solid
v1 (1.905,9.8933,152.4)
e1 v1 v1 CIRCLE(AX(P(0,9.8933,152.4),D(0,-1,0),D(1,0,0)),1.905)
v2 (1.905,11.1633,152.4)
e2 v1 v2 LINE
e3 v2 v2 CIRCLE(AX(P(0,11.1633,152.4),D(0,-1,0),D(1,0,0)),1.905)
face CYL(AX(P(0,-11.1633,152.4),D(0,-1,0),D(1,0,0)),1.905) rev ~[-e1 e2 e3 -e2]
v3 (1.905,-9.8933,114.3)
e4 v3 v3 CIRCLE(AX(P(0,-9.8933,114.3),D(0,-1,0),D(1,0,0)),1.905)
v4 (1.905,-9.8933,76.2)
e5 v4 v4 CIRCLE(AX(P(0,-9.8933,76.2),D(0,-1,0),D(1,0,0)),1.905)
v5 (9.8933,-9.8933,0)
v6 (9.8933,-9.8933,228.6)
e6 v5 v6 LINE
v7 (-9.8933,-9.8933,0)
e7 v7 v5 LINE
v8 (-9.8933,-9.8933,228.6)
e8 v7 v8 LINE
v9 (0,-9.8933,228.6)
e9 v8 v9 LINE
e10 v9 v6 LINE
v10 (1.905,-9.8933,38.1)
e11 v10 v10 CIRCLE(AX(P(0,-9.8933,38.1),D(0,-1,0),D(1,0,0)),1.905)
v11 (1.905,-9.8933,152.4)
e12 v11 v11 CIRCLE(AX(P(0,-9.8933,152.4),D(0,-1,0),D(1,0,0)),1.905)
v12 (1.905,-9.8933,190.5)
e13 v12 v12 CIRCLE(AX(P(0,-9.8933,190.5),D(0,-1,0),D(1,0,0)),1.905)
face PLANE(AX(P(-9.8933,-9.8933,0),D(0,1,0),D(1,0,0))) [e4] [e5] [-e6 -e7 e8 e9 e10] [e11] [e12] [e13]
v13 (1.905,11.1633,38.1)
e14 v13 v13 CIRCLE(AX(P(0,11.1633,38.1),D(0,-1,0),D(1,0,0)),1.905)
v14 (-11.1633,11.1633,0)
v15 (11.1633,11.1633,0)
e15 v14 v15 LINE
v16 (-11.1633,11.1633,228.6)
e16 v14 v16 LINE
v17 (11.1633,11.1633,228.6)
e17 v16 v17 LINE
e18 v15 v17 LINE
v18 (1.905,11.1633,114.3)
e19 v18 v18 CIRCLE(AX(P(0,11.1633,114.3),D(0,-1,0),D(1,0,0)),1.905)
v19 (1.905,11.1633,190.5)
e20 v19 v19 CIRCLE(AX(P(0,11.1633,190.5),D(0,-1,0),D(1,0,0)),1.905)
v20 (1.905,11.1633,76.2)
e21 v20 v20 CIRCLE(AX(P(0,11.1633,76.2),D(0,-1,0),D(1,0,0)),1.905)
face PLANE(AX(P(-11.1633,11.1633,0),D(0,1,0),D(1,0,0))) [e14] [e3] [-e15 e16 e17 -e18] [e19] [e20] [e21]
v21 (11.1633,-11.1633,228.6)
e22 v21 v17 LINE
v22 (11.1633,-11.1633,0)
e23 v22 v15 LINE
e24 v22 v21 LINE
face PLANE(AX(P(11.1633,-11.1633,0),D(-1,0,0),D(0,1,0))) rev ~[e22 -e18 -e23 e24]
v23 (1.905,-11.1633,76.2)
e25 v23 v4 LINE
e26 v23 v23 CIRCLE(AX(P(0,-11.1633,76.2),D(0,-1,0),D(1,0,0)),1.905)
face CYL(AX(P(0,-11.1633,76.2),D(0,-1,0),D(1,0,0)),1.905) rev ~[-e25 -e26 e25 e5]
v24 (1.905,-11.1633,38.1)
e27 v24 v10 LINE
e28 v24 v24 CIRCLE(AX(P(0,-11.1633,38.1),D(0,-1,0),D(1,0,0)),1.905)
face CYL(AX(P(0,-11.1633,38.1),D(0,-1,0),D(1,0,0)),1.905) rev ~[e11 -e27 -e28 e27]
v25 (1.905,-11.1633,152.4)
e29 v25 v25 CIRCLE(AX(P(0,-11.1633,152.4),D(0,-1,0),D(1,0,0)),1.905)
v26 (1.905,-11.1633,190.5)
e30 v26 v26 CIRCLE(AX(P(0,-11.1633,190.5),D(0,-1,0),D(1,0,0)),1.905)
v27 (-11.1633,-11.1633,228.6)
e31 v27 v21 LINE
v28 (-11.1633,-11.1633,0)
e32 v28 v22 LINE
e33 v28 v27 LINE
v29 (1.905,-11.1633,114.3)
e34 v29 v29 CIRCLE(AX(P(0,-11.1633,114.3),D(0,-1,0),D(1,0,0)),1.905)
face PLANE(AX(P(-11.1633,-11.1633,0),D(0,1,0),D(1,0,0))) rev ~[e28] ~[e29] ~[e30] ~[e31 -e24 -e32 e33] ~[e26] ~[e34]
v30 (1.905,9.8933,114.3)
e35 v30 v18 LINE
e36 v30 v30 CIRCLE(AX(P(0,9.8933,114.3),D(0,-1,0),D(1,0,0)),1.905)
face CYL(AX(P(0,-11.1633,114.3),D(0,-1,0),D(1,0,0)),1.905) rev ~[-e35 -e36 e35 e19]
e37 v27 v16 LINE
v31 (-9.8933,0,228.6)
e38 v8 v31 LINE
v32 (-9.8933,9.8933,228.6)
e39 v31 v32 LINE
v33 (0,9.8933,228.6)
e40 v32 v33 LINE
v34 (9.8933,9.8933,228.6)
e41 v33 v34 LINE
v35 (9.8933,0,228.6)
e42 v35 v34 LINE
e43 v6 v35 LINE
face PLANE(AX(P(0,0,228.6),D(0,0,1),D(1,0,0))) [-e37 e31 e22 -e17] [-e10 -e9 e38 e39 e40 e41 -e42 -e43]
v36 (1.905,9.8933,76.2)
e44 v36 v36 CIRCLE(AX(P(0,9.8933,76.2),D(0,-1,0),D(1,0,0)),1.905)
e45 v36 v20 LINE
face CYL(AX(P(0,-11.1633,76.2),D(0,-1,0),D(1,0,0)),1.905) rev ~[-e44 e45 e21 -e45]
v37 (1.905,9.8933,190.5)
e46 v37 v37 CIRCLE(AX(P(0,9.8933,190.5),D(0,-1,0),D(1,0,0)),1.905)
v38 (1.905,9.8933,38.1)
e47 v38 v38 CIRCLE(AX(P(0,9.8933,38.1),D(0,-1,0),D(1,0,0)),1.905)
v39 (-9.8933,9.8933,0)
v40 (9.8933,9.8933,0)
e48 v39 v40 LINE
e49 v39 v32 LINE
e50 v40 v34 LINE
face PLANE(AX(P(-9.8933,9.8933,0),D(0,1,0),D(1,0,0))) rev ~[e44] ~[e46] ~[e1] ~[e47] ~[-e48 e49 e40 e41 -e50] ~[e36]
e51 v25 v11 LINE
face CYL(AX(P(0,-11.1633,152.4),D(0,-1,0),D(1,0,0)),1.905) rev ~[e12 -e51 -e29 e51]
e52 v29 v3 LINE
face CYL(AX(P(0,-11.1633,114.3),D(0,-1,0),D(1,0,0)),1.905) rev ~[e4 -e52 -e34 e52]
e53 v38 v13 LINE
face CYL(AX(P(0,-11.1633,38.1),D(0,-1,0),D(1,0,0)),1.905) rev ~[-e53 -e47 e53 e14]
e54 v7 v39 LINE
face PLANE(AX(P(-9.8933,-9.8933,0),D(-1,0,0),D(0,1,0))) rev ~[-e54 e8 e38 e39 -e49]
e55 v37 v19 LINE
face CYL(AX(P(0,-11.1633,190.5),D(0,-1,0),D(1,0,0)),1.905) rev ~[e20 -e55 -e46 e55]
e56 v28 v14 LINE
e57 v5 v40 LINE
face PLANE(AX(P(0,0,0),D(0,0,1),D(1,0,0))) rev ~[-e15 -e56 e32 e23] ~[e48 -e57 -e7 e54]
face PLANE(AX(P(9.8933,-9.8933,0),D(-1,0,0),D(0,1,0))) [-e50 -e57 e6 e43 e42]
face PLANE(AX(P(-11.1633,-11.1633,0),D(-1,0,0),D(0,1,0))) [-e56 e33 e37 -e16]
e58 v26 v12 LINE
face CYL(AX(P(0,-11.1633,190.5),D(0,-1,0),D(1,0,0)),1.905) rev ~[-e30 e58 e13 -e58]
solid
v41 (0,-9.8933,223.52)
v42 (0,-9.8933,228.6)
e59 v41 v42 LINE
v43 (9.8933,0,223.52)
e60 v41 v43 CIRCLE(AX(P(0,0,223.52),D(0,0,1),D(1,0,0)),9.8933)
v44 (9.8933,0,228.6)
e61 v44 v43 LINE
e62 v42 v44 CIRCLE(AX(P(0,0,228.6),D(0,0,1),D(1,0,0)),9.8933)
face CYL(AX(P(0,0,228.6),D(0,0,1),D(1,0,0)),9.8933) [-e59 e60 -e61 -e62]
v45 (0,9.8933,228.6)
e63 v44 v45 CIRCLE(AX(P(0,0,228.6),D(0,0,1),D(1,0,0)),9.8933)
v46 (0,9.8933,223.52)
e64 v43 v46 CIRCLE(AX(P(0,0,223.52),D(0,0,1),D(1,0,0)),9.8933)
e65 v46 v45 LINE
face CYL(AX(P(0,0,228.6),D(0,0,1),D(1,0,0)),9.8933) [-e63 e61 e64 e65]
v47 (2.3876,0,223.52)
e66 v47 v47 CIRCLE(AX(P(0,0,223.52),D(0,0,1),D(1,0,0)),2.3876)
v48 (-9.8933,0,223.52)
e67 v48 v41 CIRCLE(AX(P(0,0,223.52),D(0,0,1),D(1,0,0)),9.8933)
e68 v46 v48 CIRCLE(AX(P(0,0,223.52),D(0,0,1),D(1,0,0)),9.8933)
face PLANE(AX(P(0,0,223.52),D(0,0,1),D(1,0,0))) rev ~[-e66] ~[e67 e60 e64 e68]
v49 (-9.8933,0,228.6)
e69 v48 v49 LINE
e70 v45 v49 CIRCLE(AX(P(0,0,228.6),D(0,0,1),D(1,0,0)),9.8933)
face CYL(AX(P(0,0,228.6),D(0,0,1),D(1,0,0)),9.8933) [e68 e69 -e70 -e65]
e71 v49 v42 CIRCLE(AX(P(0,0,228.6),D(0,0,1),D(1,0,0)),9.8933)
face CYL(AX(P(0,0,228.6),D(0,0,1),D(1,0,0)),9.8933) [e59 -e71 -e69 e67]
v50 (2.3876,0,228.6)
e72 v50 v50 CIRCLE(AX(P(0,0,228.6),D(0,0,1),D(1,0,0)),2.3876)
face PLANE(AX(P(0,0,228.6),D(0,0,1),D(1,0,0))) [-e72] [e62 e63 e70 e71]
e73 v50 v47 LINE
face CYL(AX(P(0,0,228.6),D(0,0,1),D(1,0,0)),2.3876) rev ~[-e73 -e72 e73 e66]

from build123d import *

# Parameters (mm, degrees)
F0_W     = 22.3266
F0_H     = 22.3266
F0_W_2   = 19.7866
F0_H_2   = 19.7866
F1_DEPTH = 228.6
F2_R     = 1.905
F3_DEPTH = 22.3276
F4_R     = 9.8933
F4_R_2   = 2.3876
F5_DEPTH = 5.08


with BuildPart() as f1:
    # F0 (on Top) → F1 (new body)
    with BuildSketch(Plane.XY):
        Rectangle(F0_W, F0_H)
        Rectangle(F0_W_2, F0_H_2, mode=Mode.SUBTRACT)
    extrude(amount=F1_DEPTH)

    # F2 (on face) → F3 (cut, through all)
    with BuildSketch(Plane.XZ.offset(11.1633)):
        with Locations((0, 38.1)):
            Circle(F2_R)
        with Locations((0, 76.2)):
            Circle(F2_R)
        with Locations((0, 114.3)):
            Circle(F2_R)
        with Locations((0, 152.4)):
            Circle(F2_R)
        with Locations((0, 190.5)):
            Circle(F2_R)
    extrude(amount=-F3_DEPTH, mode=Mode.SUBTRACT)

    # F4 (on face) → F5 (join)
    with BuildSketch(Plane.XY.offset(228.6)):
        Circle(F4_R)
        Circle(F4_R_2, mode=Mode.SUBTRACT)
    extrude(amount=-F5_DEPTH)


solid = f1.part
